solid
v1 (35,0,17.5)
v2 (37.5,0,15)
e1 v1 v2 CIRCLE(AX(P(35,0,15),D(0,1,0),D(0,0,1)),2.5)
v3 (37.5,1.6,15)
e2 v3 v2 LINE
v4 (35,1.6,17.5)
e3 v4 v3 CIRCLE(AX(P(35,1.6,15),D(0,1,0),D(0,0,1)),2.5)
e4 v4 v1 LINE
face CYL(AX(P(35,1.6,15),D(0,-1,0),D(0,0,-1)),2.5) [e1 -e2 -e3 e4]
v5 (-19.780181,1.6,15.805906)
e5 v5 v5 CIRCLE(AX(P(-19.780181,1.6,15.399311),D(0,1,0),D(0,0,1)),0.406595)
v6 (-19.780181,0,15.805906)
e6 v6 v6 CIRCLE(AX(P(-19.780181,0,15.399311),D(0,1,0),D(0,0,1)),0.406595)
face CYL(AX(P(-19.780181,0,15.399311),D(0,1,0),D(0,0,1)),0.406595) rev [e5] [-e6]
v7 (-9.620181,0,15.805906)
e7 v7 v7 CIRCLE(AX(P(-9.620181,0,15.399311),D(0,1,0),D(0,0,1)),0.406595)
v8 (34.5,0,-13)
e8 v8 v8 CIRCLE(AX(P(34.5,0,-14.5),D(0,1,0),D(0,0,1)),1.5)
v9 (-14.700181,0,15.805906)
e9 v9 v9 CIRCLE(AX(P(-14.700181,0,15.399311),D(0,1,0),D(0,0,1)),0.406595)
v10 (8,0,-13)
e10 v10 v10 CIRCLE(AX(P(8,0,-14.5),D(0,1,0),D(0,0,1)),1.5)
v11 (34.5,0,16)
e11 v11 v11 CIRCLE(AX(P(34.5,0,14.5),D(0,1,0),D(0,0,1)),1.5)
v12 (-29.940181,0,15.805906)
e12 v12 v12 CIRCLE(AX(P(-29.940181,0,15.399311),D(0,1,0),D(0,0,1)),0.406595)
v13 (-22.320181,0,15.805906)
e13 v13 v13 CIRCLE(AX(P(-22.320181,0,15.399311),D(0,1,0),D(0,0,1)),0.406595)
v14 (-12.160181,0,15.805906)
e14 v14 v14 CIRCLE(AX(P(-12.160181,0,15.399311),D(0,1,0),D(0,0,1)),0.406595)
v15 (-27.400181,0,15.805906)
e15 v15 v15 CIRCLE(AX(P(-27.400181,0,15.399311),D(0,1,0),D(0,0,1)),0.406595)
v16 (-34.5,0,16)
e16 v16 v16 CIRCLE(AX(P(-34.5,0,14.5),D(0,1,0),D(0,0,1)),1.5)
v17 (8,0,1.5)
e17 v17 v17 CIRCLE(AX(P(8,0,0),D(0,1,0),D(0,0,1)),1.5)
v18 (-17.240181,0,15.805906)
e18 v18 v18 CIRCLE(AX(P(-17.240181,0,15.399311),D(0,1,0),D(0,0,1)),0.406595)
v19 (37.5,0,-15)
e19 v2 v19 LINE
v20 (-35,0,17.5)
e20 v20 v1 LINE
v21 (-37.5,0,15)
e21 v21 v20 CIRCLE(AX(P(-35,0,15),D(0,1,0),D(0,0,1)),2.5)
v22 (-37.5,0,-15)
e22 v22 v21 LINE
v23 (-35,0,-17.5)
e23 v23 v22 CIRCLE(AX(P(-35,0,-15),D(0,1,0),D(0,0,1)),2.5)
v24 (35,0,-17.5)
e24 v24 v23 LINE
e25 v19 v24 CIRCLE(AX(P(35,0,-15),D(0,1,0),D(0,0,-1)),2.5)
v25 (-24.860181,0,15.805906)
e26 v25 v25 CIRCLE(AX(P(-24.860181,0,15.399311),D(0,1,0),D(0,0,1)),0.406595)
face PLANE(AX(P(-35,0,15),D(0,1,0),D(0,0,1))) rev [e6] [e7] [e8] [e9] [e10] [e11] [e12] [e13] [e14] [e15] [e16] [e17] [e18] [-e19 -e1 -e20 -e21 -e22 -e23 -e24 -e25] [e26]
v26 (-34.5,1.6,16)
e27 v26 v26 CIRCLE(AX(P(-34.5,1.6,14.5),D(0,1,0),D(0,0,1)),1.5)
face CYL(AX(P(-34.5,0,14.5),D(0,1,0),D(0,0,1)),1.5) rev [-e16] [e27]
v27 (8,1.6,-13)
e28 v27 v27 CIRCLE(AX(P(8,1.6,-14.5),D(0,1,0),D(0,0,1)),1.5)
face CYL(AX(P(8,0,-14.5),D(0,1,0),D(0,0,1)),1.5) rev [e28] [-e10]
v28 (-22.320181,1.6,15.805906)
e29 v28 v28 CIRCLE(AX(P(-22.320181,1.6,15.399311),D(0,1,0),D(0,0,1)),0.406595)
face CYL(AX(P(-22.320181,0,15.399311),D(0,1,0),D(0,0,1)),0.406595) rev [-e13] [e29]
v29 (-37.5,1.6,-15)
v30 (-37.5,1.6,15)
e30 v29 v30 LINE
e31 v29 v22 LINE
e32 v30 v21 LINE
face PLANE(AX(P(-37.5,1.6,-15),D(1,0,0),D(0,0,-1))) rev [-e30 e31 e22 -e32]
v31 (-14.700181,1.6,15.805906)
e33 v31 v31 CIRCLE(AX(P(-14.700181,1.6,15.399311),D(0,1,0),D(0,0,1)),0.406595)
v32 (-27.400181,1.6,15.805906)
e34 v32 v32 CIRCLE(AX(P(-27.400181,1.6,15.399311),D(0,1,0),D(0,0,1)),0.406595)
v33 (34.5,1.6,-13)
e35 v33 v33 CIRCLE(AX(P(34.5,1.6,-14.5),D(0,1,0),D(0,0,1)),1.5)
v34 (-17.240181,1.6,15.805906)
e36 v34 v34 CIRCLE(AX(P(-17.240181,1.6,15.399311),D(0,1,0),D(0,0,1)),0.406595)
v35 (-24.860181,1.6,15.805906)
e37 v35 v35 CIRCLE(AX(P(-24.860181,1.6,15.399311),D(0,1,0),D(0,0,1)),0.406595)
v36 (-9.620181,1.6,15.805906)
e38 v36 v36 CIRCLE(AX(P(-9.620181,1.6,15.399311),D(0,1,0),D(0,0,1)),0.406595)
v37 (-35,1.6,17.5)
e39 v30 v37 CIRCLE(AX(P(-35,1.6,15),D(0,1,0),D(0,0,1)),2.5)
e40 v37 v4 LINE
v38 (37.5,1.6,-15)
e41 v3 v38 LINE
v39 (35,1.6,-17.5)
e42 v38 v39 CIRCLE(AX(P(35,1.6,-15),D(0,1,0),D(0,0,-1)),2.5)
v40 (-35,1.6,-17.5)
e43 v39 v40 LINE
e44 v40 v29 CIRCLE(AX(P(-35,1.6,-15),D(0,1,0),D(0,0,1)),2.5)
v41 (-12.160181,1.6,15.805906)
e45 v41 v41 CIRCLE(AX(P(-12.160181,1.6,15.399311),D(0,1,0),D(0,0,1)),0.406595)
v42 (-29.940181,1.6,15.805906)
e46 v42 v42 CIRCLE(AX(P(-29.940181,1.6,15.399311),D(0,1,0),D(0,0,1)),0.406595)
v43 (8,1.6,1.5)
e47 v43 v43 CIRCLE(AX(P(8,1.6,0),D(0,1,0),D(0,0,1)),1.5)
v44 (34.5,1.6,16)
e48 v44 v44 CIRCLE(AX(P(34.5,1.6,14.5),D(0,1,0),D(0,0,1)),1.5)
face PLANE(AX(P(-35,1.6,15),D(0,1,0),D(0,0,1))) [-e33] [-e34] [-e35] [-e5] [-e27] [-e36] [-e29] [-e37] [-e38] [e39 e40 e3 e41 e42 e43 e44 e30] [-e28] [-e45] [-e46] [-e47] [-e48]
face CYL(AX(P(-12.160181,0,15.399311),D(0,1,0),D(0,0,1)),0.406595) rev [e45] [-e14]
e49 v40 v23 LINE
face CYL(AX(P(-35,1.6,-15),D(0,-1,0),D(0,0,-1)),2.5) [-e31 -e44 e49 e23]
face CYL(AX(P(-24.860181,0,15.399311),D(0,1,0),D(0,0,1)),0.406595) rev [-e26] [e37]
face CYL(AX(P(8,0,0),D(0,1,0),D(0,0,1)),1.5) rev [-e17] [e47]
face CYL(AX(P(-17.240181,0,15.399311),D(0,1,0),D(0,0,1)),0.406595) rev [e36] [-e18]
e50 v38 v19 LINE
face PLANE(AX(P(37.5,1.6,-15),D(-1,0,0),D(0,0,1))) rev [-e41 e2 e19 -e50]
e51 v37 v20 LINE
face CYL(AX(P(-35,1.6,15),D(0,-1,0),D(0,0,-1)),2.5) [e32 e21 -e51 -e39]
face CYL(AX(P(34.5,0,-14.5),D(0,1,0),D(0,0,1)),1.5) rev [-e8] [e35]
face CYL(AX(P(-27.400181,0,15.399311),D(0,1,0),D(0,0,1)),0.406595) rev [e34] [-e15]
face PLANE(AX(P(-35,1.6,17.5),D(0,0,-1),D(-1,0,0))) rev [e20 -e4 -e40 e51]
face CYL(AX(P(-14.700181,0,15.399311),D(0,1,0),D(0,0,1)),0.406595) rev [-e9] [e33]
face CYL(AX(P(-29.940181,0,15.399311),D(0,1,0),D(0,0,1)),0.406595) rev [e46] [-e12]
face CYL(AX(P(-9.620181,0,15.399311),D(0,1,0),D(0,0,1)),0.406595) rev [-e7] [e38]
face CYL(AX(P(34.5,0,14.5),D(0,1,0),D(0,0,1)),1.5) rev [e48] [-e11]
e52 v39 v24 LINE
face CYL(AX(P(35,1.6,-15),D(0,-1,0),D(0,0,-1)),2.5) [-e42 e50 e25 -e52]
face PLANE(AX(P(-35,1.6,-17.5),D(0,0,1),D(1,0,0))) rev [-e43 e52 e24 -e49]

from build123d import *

# Parameters (mm, degrees)
BOSS_EXTRUDE1_DEPTH = 1.6
SKETCH2_R           = 1.5
SKETCH2_R_2         = 0.406594982
CUT_EXTRUDE1_DEPTH  = 42.413282893


with BuildPart() as part:
    # Sketch1 → Boss-Extrude1 (new body)
    with BuildSketch(Plane(origin=(0, 0, 0), x_dir=(1, 0, 0), z_dir=(0, 1, 0))):
        with BuildLine():
            Line((-35, 17.5), (35, 17.5))
            ThreePointArc((35, 17.5), (36.767766953, 16.767766953), (37.5, 15))
            Line((37.5, 15), (37.5, -15))
            ThreePointArc((37.5, -15), (36.767766953, -16.767766953), (35, -17.5))
            Line((35, -17.5), (-35, -17.5))
            ThreePointArc((-35, -17.5), (-36.767766953, -16.767766953), (-37.5, -15))
            Line((-37.5, -15), (-37.5, 15))
            ThreePointArc((-37.5, 15), (-36.767766953, 16.767766953), (-35, 17.5))
        make_face()
    extrude(amount=BOSS_EXTRUDE1_DEPTH)

    # Sketch2 → Cut-Extrude1 (cut, through all)
    with BuildSketch(Plane(origin=(0, 1.6, 0), x_dir=(1, 0, 0), z_dir=(0, 1, 0))):
        with Locations(Location((-34.5, -14.5, 0), (0, 0, 270))):
            Circle(SKETCH2_R)
        with Locations(Location((34.5, -14.5, 0), (0, 0, 270))):
            Circle(SKETCH2_R)
        with Locations(Location((34.5, 14.5, 0), (0, 0, 270))):
            Circle(SKETCH2_R)
        with Locations(Location((8, 0, 0), (0, 0, 270))):
            Circle(SKETCH2_R)
        with Locations(Location((8, 14.5, 0), (0, 0, 270))):
            Circle(SKETCH2_R)
        with Locations(Location((-29.94018139, -15.399310559, 0), (0, 0, 270))):
            Circle(SKETCH2_R_2)
        with Locations(Location((-27.40018139, -15.399310559, 0), (0, 0, 270))):
            Circle(SKETCH2_R_2)
        with Locations(Location((-24.86018139, -15.399310559, 0), (0, 0, 270))):
            Circle(SKETCH2_R_2)
        with Locations(Location((-22.32018139, -15.399310559, 0), (0, 0, 270))):
            Circle(SKETCH2_R_2)
        with Locations(Location((-19.78018139, -15.399310559, 0), (0, 0, 270))):
            Circle(SKETCH2_R_2)
        with Locations(Location((-17.24018139, -15.399310559, 0), (0, 0, 270))):
            Circle(SKETCH2_R_2)
        with Locations(Location((-14.70018139, -15.399310559, 0), (0, 0, 270))):
            Circle(SKETCH2_R_2)
        with Locations(Location((-12.16018139, -15.399310559, 0), (0, 0, 270))):
            Circle(SKETCH2_R_2)
        with Locations(Location((-9.62018139, -15.399310559, 0), (0, 0, 270))):
            Circle(SKETCH2_R_2)
    extrude(amount=-CUT_EXTRUDE1_DEPTH, mode=Mode.SUBTRACT)


solid = part.part
